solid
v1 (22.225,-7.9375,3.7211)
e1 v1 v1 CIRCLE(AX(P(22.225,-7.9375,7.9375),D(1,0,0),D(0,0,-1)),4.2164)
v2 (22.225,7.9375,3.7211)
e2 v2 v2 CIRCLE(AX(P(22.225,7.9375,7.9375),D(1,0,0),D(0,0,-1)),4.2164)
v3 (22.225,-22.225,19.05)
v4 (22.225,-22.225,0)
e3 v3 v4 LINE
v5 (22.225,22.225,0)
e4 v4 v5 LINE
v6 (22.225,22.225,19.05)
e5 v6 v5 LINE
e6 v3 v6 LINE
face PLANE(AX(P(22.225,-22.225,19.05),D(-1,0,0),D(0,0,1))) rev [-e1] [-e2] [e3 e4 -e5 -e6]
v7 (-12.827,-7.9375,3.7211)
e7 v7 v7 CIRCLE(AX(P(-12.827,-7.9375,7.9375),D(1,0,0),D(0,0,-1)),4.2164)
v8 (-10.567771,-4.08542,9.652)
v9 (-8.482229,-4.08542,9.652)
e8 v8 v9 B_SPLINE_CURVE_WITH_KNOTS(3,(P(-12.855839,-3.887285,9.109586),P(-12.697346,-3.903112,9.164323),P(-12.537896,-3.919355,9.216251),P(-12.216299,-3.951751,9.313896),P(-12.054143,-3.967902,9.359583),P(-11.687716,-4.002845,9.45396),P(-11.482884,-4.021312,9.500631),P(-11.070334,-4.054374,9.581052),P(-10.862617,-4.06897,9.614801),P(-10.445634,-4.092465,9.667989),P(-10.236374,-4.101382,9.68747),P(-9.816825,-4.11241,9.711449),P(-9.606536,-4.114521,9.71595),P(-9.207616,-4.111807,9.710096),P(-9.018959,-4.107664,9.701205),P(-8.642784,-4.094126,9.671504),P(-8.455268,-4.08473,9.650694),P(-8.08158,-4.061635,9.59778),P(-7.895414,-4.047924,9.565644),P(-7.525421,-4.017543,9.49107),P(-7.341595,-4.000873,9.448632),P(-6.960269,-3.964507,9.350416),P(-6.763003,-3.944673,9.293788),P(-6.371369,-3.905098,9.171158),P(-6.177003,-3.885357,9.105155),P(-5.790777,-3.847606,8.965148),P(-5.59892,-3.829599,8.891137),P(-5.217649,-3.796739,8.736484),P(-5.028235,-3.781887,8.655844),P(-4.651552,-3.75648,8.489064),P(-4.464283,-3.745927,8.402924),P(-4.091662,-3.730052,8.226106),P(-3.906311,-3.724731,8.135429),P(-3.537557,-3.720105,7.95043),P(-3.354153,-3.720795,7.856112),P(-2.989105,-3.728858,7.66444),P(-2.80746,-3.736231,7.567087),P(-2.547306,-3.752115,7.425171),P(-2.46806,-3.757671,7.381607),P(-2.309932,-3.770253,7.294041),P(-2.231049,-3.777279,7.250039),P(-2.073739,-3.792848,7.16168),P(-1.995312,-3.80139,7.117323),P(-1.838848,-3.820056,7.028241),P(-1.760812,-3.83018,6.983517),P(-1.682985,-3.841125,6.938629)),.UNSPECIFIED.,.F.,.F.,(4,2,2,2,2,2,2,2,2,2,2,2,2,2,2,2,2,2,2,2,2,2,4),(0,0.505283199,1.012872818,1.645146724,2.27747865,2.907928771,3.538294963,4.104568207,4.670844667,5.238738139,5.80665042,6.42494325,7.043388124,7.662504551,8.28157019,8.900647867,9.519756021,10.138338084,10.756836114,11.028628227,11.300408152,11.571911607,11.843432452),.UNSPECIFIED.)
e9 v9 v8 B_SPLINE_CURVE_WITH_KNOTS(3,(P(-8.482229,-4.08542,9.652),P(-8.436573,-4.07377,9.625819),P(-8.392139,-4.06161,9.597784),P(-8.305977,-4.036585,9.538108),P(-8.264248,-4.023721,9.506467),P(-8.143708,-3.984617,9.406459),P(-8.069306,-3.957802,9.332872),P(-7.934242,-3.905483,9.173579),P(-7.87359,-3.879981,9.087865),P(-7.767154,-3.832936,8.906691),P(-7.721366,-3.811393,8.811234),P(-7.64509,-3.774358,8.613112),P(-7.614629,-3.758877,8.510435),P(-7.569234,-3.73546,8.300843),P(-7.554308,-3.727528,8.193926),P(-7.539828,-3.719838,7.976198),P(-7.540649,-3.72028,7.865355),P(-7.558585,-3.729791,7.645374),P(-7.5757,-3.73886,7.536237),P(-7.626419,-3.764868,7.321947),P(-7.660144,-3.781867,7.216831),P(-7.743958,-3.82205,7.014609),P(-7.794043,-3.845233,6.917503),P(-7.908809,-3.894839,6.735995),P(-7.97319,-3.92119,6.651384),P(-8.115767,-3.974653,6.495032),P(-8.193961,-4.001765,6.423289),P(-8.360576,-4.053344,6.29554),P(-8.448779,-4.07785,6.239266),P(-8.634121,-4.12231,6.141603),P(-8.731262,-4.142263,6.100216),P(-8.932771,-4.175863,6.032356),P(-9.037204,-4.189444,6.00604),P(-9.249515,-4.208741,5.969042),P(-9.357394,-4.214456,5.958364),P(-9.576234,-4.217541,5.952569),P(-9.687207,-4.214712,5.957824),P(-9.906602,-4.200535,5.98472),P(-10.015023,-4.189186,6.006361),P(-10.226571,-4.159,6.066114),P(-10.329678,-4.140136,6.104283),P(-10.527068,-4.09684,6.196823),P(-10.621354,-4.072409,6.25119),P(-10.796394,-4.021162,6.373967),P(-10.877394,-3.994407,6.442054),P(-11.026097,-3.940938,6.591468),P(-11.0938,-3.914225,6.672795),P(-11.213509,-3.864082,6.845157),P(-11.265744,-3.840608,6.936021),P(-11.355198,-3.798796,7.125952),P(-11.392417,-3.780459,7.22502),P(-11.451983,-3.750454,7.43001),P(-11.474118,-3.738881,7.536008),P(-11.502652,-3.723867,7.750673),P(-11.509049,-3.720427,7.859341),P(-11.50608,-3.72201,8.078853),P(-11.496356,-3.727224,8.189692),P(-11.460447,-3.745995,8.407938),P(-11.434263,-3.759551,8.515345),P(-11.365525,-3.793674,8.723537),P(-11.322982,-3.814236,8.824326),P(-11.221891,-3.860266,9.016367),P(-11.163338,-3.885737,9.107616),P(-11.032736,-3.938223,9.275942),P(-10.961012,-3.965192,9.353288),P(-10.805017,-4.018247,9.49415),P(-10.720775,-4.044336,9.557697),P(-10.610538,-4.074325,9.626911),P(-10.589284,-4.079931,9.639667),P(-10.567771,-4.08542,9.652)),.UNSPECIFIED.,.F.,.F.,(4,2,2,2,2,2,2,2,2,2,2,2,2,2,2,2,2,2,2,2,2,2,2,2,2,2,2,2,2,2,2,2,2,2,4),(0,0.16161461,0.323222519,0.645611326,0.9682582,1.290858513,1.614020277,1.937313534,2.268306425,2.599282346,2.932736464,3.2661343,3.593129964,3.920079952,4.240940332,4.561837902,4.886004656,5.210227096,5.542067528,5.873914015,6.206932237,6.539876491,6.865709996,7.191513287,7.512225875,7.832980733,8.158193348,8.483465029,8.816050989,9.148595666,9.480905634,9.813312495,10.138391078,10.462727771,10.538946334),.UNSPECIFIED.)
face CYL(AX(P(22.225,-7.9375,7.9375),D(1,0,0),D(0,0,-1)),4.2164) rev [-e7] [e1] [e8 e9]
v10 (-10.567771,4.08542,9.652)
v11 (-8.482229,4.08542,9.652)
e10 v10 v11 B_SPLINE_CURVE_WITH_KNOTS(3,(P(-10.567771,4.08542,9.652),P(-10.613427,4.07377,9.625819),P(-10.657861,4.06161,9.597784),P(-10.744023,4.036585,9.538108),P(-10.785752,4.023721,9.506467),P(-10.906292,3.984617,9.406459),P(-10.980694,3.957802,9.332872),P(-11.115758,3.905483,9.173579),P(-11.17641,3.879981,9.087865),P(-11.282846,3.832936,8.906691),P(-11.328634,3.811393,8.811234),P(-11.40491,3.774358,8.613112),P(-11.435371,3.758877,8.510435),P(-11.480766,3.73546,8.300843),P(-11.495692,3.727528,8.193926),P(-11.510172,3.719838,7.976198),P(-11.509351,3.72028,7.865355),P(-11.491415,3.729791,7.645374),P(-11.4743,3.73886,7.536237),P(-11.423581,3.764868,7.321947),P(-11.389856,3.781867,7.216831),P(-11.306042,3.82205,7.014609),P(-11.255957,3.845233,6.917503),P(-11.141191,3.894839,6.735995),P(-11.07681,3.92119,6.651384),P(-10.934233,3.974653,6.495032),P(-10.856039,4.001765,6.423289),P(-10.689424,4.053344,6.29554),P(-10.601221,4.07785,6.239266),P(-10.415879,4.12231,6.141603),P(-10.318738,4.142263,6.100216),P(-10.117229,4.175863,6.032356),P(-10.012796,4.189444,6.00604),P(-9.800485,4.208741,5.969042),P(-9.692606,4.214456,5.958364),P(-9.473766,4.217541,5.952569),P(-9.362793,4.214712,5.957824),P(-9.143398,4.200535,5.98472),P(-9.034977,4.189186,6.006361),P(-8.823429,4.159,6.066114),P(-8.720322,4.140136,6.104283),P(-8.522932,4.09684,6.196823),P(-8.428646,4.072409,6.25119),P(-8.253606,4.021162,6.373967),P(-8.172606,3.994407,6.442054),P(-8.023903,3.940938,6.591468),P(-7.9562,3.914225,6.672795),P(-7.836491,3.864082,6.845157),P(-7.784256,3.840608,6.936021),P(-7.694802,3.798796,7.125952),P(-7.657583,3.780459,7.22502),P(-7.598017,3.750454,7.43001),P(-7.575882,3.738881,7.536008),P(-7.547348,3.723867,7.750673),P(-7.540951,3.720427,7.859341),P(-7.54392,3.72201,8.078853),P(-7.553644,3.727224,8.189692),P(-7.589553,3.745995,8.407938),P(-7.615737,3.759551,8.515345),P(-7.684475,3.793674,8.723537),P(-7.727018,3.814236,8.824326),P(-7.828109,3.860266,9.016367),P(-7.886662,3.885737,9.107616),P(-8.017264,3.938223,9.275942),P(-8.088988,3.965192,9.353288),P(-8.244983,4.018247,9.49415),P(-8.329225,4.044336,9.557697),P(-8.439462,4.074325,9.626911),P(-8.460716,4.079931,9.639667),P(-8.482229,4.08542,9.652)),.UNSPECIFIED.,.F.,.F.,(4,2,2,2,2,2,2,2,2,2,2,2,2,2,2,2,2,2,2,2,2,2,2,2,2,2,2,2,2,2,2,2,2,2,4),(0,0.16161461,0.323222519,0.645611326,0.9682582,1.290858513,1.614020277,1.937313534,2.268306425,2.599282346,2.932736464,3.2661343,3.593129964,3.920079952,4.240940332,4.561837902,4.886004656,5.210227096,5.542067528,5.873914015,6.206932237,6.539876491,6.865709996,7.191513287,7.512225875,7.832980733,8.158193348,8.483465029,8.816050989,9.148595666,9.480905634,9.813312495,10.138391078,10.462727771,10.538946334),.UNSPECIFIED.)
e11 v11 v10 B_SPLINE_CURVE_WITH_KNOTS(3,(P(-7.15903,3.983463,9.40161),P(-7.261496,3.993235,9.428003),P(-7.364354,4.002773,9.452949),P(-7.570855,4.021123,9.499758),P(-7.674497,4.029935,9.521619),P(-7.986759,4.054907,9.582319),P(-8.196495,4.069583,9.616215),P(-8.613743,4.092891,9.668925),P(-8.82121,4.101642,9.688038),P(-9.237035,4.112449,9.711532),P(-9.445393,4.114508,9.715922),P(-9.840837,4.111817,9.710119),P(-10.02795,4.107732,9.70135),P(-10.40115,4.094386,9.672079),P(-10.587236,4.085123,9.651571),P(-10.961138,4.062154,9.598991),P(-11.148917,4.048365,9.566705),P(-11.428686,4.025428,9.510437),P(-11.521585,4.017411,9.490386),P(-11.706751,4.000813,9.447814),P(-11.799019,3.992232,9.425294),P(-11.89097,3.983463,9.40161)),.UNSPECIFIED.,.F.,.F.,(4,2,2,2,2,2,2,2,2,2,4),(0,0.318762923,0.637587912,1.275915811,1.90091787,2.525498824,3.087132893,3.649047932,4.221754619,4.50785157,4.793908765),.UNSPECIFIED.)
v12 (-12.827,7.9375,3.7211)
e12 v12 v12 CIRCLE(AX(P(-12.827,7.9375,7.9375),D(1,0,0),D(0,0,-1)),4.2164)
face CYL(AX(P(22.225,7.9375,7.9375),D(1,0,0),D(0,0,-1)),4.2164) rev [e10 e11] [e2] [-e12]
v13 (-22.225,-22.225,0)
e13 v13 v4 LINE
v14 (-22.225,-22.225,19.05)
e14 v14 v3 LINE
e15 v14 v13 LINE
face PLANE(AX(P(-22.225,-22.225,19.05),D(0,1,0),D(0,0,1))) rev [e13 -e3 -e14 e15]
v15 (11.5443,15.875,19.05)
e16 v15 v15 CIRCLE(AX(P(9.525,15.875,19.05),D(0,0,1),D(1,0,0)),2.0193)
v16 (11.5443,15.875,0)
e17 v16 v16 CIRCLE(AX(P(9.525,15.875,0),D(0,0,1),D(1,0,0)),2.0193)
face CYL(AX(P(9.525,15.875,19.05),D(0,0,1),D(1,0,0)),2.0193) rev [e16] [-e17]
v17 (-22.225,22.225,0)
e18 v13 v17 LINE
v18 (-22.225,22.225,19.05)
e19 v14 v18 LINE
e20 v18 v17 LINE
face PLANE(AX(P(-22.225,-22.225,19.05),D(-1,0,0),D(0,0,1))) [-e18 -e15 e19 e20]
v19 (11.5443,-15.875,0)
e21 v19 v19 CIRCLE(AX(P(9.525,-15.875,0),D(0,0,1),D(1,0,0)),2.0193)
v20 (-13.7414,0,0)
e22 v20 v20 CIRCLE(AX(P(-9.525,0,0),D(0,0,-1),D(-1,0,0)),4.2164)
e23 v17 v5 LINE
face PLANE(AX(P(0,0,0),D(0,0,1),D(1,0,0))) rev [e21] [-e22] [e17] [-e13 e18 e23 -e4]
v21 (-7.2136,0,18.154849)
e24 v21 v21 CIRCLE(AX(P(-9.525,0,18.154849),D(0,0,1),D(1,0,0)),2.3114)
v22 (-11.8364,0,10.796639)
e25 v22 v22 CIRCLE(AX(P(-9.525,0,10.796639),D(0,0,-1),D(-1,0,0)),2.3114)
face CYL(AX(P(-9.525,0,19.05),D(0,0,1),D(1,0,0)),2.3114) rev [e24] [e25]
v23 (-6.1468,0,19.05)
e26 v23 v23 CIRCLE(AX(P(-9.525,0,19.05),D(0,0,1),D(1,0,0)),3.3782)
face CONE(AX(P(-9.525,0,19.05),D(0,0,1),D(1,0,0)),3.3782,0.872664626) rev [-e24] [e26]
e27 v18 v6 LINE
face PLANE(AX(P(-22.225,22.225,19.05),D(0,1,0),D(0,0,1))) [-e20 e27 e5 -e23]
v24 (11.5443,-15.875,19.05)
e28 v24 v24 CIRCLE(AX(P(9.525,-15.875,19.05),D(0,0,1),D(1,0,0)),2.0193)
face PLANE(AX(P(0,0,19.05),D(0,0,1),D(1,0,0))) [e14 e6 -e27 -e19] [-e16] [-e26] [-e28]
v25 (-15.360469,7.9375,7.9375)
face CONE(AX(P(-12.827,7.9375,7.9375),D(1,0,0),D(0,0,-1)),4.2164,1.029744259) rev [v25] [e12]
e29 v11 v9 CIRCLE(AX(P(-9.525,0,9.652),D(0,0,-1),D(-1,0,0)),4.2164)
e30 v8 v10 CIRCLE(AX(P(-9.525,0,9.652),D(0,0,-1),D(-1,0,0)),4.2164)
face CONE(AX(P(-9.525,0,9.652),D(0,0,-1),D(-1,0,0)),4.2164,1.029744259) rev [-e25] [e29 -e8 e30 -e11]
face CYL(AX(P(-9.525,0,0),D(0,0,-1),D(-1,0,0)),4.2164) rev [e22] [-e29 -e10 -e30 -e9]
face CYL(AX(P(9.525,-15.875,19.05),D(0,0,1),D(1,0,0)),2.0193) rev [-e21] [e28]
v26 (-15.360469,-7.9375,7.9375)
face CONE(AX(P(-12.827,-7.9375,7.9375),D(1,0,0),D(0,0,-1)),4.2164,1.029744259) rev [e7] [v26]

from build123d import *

# Parameters (mm, degrees)
SKETCH1_W                         = 44.45
SKETCH1_H                         = 44.45
BOSS_EXTRUDE1_DEPTH               = 19.05
F_12_28_TAPPED_HOLE1_D            = 4.6228
F_12_28_TAPPED_HOLE1_DEPTH        = 11.43
F_12_28_TAPPED_HOLE1_CSINK_D      = 6.7564
F_12_28_TAPPED_HOLE1_CSINK_ANGLE  = 100
F_12_28_TAPPED_HOLE1_TIP          = 1.388829235
PIPE_TAP_DRILL_FOR_1_8_TAP1_D     = 8.4328
PIPE_TAP_DRILL_FOR_1_8_TAP1_DEPTH = 35.052
PIPE_TAP_DRILL_FOR_1_8_TAP1_TIP   = 2.533468714
F_10_32_TAPPED_HOLE1_D            = 4.0386
F_3_8_24_TAPPED_HOLE1_D           = 8.4328
F_3_8_24_TAPPED_HOLE1_DEPTH       = 9.652
F_3_8_24_TAPPED_HOLE1_TIP         = 2.533468714


with BuildPart() as part:
    # Sketch1 → Boss-Extrude1 (new body)
    with BuildSketch(Plane.XY):
        Rectangle(SKETCH1_W, SKETCH1_H)
    extrude(amount=BOSS_EXTRUDE1_DEPTH)

    # #12-28 Tapped Hole1
    with Locations(Plane.XY.offset(19.05)):
        with Locations((-9.525, 0)):
            CounterSinkHole(F_12_28_TAPPED_HOLE1_D / 2, F_12_28_TAPPED_HOLE1_CSINK_D / 2, depth=F_12_28_TAPPED_HOLE1_DEPTH, counter_sink_angle=F_12_28_TAPPED_HOLE1_CSINK_ANGLE)
            with Locations((0, 0, -(F_12_28_TAPPED_HOLE1_DEPTH + F_12_28_TAPPED_HOLE1_TIP / 2))):  # 118° drill point
                Cone(0, F_12_28_TAPPED_HOLE1_D / 2, F_12_28_TAPPED_HOLE1_TIP, mode=Mode.SUBTRACT)

    # Pipe Tap Drill for 1/8 Tap1
    with Locations(Plane(origin=(22.225, 0, 0), x_dir=(0, 0, -1), z_dir=(1, 0, 0))):
        with Locations((-7.9375, 7.9375), (-7.9375, -7.9375)):
            Hole(PIPE_TAP_DRILL_FOR_1_8_TAP1_D / 2, depth=PIPE_TAP_DRILL_FOR_1_8_TAP1_DEPTH)
            with Locations((0, 0, -(PIPE_TAP_DRILL_FOR_1_8_TAP1_DEPTH + PIPE_TAP_DRILL_FOR_1_8_TAP1_TIP / 2))):  # 118° drill point
                Cone(0, PIPE_TAP_DRILL_FOR_1_8_TAP1_D / 2, PIPE_TAP_DRILL_FOR_1_8_TAP1_TIP, mode=Mode.SUBTRACT)

    # #10-32 Tapped Hole1 (through all)
    with Locations(Plane.XY.offset(19.05)):
        with Locations((9.525, 15.875), (9.525, -15.875)):
            Hole(F_10_32_TAPPED_HOLE1_D / 2)

    # 3/8-24 Tapped Hole1
    with Locations(Plane(origin=(0, 0, 0), x_dir=(-1, 0, 0), z_dir=(0, 0, -1))):
        with Locations((9.525, 0)):
            Hole(F_3_8_24_TAPPED_HOLE1_D / 2, depth=F_3_8_24_TAPPED_HOLE1_DEPTH)
            with Locations((0, 0, -(F_3_8_24_TAPPED_HOLE1_DEPTH + F_3_8_24_TAPPED_HOLE1_TIP / 2))):  # 118° drill point
                Cone(0, F_3_8_24_TAPPED_HOLE1_D / 2, F_3_8_24_TAPPED_HOLE1_TIP, mode=Mode.SUBTRACT)


solid = part.part
